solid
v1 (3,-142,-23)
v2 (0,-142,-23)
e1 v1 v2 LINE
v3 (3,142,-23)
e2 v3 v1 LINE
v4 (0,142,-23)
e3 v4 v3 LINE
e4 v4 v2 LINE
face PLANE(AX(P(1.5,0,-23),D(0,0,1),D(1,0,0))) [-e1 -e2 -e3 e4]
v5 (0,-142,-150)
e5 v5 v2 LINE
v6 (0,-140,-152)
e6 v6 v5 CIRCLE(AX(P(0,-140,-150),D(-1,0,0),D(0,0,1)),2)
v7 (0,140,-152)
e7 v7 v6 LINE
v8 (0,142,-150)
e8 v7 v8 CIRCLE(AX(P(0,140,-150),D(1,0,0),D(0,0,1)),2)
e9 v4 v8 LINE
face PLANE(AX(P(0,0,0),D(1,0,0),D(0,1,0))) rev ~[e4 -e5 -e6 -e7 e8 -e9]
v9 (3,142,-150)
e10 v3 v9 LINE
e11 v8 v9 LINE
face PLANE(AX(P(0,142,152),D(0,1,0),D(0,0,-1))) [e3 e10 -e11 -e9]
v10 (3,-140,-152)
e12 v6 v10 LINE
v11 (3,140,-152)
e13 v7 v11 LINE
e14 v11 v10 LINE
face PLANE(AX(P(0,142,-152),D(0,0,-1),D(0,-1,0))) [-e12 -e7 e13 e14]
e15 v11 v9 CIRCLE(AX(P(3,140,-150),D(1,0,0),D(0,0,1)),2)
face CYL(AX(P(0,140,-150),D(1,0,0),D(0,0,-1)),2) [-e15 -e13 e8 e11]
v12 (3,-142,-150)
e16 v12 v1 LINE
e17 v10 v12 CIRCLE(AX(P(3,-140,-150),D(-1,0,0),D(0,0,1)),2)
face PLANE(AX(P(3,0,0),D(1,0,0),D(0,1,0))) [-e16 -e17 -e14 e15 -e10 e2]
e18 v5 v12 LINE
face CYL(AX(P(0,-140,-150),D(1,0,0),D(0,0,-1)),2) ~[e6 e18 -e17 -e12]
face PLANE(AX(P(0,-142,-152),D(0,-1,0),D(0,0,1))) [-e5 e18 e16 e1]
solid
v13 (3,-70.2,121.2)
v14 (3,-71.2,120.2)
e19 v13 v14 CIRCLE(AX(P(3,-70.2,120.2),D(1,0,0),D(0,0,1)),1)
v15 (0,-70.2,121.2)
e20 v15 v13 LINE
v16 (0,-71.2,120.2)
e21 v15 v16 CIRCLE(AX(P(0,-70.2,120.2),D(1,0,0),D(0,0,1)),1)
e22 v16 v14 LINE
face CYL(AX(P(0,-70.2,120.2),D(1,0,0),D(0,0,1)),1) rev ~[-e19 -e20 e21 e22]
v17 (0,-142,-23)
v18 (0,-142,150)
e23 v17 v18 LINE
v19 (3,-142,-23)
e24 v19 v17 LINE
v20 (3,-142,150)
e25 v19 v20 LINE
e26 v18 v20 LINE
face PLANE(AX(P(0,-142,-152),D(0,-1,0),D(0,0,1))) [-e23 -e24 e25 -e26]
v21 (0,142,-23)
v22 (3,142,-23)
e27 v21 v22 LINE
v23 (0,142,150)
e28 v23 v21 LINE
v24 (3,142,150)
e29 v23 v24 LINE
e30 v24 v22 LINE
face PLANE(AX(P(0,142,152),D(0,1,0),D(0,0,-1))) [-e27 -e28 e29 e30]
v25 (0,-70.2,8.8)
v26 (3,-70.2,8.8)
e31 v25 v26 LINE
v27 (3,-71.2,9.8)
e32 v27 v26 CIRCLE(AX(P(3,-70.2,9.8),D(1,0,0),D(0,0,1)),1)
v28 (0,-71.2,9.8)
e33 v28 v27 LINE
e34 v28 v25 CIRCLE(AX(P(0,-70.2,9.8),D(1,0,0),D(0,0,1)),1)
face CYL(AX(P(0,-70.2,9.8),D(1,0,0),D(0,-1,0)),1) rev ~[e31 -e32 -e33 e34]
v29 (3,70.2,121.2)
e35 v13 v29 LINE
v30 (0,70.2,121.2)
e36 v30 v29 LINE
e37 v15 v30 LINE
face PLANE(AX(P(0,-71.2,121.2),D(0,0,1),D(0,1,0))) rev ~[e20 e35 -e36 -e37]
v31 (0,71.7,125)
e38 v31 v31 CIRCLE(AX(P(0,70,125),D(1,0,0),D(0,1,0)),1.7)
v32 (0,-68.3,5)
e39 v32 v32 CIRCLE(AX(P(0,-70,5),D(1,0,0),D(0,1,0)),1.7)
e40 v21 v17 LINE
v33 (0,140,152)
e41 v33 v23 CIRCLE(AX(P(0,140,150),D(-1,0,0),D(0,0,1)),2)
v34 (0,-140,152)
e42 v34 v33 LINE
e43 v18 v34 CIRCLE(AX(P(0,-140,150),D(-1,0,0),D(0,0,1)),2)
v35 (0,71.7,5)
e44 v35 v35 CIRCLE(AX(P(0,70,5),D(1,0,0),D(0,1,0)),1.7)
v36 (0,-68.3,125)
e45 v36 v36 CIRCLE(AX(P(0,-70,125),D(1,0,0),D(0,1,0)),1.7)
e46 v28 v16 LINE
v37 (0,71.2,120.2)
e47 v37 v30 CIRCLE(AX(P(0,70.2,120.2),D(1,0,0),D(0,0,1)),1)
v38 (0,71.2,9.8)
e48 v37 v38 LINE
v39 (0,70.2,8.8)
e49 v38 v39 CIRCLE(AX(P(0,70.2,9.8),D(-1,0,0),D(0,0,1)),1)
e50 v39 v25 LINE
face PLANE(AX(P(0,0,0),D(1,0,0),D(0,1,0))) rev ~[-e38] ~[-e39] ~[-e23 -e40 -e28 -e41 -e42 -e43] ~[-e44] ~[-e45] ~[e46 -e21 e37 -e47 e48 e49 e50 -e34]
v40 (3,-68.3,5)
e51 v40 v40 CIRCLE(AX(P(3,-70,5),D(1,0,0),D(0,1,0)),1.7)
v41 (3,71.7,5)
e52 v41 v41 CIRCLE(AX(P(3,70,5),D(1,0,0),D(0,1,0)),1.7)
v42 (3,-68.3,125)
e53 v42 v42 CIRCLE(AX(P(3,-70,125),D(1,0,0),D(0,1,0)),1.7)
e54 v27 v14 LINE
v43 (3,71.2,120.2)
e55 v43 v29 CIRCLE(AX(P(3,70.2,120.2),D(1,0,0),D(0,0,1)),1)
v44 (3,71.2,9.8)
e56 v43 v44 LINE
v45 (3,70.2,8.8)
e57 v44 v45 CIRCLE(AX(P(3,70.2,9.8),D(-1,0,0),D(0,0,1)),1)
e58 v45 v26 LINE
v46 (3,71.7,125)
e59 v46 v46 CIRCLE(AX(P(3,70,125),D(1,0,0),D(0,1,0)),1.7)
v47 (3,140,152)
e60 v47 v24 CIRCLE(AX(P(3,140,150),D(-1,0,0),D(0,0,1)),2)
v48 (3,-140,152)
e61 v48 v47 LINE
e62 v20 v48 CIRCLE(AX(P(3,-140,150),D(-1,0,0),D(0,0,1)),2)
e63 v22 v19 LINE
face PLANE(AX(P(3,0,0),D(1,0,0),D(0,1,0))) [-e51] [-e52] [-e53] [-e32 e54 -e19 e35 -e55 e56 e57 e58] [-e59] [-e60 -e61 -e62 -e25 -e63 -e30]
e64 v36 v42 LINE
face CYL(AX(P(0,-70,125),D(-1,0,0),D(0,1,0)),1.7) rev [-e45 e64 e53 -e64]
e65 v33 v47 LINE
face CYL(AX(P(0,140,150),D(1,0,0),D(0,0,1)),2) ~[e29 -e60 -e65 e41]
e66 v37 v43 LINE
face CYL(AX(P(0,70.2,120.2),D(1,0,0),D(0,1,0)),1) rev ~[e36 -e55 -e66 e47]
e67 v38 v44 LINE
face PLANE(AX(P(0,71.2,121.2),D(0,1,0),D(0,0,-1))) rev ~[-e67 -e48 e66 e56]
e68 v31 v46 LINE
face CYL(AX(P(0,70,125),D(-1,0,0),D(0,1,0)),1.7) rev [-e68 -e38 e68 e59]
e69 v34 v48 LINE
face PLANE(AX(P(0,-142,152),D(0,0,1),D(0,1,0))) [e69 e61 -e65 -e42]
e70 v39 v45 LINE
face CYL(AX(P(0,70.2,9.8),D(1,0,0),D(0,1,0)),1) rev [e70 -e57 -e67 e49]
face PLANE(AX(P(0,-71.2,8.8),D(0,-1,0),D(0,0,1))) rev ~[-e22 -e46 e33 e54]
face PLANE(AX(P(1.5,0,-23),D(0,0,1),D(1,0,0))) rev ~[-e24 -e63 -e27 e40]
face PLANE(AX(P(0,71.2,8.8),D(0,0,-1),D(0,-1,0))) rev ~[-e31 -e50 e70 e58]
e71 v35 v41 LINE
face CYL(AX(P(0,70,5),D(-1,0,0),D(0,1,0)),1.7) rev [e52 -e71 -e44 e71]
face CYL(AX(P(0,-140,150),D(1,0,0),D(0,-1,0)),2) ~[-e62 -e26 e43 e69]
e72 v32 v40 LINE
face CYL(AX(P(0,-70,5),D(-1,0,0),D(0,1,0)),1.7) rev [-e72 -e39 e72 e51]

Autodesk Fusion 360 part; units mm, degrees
sketch "Sketch1" plane through (0, 0, 0) normal (1, 0, 0) x (0, 1, 0)
  line L0 (142, -152) -> (-142, -152)
  line L1 (-142, -152) -> (-142, 152)
  line L2 (-142, 152) -> (142, 152)
  line L3 (142, 152) -> (142, -152)
  line L4 (142, -152) -> (-142, 152) construction
  line L5 (-142, -152) -> (142, 152) construction
  line L6 (0, 0) -> (0, 65) construction
  line L7 (71.2, 8.8) -> (-71.2, 8.8)
  line L8 (-71.2, 8.8) -> (-71.2, 121.2)
  line L9 (-71.2, 121.2) -> (71.2, 121.2)
  line L10 (71.2, 121.2) -> (71.2, 8.8)
  line L11 (71.2, 8.8) -> (-71.2, 121.2) construction
  line L12 (-71.2, 8.8) -> (71.2, 121.2) construction
  line L13 (70, 5) -> (-70, 5) construction
  line L14 (-70, 5) -> (-70, 125) construction
  line L15 (-70, 125) -> (70, 125) construction
  line L16 (70, 125) -> (70, 5) construction
  line L17 (70, 5) -> (-70, 125) construction
  line L18 (-70, 5) -> (70, 125) construction
  line L19 (0, 152) -> (0, 142) construction
  circle A0 centre (-70, 125) radius 1.7
  circle A1 centre (70, 125) radius 1.7
  circle A2 centre (70, 5) radius 1.7
  circle A3 centre (-70, 5) radius 1.7
  point P0 (0, 65)
  point P1 (0, 65)
  dimension "d1" = 304
  dimension "d2" = 284
  dimension "d3" = 65
  dimension "d4" = 142.4
  dimension "d5" = 112.4
  dimension "d6" = 140
  dimension "d7" = 120
  dimension "d8" = 10
  dimension "d9" = 3.4
  dimension "d10" = 3.4
  dimension "d11" = 3.4
  dimension "d12" = 3.4
extrude "Extrude1" add sketch "Sketch1" along normal blind 3 makes body 1
fillet "Fillet1" radius 2 4 edges at (1.5, 142, -152) (1.5, -142, -152) (1.5, -142, 152) (1.5, 142, 152) on bodies 1
fillet "Fillet1" radius 1 4 edges at (1.5, 71.2, 121.2) (1.5, 71.2, 8.8) (1.5, -71.2, 8.8) (1.5, -71.2, 121.2) on bodies 1
ref_plane "WorkPlane1" through (1.5, 0, -23) normal (0, 0, 1) x (0, -1, 0)
split "Split1" by plane through (1.5, 0, -23) normal (0, 0, 1) bodies 1 makes body 2 at (0, 118.4, 45.6)
